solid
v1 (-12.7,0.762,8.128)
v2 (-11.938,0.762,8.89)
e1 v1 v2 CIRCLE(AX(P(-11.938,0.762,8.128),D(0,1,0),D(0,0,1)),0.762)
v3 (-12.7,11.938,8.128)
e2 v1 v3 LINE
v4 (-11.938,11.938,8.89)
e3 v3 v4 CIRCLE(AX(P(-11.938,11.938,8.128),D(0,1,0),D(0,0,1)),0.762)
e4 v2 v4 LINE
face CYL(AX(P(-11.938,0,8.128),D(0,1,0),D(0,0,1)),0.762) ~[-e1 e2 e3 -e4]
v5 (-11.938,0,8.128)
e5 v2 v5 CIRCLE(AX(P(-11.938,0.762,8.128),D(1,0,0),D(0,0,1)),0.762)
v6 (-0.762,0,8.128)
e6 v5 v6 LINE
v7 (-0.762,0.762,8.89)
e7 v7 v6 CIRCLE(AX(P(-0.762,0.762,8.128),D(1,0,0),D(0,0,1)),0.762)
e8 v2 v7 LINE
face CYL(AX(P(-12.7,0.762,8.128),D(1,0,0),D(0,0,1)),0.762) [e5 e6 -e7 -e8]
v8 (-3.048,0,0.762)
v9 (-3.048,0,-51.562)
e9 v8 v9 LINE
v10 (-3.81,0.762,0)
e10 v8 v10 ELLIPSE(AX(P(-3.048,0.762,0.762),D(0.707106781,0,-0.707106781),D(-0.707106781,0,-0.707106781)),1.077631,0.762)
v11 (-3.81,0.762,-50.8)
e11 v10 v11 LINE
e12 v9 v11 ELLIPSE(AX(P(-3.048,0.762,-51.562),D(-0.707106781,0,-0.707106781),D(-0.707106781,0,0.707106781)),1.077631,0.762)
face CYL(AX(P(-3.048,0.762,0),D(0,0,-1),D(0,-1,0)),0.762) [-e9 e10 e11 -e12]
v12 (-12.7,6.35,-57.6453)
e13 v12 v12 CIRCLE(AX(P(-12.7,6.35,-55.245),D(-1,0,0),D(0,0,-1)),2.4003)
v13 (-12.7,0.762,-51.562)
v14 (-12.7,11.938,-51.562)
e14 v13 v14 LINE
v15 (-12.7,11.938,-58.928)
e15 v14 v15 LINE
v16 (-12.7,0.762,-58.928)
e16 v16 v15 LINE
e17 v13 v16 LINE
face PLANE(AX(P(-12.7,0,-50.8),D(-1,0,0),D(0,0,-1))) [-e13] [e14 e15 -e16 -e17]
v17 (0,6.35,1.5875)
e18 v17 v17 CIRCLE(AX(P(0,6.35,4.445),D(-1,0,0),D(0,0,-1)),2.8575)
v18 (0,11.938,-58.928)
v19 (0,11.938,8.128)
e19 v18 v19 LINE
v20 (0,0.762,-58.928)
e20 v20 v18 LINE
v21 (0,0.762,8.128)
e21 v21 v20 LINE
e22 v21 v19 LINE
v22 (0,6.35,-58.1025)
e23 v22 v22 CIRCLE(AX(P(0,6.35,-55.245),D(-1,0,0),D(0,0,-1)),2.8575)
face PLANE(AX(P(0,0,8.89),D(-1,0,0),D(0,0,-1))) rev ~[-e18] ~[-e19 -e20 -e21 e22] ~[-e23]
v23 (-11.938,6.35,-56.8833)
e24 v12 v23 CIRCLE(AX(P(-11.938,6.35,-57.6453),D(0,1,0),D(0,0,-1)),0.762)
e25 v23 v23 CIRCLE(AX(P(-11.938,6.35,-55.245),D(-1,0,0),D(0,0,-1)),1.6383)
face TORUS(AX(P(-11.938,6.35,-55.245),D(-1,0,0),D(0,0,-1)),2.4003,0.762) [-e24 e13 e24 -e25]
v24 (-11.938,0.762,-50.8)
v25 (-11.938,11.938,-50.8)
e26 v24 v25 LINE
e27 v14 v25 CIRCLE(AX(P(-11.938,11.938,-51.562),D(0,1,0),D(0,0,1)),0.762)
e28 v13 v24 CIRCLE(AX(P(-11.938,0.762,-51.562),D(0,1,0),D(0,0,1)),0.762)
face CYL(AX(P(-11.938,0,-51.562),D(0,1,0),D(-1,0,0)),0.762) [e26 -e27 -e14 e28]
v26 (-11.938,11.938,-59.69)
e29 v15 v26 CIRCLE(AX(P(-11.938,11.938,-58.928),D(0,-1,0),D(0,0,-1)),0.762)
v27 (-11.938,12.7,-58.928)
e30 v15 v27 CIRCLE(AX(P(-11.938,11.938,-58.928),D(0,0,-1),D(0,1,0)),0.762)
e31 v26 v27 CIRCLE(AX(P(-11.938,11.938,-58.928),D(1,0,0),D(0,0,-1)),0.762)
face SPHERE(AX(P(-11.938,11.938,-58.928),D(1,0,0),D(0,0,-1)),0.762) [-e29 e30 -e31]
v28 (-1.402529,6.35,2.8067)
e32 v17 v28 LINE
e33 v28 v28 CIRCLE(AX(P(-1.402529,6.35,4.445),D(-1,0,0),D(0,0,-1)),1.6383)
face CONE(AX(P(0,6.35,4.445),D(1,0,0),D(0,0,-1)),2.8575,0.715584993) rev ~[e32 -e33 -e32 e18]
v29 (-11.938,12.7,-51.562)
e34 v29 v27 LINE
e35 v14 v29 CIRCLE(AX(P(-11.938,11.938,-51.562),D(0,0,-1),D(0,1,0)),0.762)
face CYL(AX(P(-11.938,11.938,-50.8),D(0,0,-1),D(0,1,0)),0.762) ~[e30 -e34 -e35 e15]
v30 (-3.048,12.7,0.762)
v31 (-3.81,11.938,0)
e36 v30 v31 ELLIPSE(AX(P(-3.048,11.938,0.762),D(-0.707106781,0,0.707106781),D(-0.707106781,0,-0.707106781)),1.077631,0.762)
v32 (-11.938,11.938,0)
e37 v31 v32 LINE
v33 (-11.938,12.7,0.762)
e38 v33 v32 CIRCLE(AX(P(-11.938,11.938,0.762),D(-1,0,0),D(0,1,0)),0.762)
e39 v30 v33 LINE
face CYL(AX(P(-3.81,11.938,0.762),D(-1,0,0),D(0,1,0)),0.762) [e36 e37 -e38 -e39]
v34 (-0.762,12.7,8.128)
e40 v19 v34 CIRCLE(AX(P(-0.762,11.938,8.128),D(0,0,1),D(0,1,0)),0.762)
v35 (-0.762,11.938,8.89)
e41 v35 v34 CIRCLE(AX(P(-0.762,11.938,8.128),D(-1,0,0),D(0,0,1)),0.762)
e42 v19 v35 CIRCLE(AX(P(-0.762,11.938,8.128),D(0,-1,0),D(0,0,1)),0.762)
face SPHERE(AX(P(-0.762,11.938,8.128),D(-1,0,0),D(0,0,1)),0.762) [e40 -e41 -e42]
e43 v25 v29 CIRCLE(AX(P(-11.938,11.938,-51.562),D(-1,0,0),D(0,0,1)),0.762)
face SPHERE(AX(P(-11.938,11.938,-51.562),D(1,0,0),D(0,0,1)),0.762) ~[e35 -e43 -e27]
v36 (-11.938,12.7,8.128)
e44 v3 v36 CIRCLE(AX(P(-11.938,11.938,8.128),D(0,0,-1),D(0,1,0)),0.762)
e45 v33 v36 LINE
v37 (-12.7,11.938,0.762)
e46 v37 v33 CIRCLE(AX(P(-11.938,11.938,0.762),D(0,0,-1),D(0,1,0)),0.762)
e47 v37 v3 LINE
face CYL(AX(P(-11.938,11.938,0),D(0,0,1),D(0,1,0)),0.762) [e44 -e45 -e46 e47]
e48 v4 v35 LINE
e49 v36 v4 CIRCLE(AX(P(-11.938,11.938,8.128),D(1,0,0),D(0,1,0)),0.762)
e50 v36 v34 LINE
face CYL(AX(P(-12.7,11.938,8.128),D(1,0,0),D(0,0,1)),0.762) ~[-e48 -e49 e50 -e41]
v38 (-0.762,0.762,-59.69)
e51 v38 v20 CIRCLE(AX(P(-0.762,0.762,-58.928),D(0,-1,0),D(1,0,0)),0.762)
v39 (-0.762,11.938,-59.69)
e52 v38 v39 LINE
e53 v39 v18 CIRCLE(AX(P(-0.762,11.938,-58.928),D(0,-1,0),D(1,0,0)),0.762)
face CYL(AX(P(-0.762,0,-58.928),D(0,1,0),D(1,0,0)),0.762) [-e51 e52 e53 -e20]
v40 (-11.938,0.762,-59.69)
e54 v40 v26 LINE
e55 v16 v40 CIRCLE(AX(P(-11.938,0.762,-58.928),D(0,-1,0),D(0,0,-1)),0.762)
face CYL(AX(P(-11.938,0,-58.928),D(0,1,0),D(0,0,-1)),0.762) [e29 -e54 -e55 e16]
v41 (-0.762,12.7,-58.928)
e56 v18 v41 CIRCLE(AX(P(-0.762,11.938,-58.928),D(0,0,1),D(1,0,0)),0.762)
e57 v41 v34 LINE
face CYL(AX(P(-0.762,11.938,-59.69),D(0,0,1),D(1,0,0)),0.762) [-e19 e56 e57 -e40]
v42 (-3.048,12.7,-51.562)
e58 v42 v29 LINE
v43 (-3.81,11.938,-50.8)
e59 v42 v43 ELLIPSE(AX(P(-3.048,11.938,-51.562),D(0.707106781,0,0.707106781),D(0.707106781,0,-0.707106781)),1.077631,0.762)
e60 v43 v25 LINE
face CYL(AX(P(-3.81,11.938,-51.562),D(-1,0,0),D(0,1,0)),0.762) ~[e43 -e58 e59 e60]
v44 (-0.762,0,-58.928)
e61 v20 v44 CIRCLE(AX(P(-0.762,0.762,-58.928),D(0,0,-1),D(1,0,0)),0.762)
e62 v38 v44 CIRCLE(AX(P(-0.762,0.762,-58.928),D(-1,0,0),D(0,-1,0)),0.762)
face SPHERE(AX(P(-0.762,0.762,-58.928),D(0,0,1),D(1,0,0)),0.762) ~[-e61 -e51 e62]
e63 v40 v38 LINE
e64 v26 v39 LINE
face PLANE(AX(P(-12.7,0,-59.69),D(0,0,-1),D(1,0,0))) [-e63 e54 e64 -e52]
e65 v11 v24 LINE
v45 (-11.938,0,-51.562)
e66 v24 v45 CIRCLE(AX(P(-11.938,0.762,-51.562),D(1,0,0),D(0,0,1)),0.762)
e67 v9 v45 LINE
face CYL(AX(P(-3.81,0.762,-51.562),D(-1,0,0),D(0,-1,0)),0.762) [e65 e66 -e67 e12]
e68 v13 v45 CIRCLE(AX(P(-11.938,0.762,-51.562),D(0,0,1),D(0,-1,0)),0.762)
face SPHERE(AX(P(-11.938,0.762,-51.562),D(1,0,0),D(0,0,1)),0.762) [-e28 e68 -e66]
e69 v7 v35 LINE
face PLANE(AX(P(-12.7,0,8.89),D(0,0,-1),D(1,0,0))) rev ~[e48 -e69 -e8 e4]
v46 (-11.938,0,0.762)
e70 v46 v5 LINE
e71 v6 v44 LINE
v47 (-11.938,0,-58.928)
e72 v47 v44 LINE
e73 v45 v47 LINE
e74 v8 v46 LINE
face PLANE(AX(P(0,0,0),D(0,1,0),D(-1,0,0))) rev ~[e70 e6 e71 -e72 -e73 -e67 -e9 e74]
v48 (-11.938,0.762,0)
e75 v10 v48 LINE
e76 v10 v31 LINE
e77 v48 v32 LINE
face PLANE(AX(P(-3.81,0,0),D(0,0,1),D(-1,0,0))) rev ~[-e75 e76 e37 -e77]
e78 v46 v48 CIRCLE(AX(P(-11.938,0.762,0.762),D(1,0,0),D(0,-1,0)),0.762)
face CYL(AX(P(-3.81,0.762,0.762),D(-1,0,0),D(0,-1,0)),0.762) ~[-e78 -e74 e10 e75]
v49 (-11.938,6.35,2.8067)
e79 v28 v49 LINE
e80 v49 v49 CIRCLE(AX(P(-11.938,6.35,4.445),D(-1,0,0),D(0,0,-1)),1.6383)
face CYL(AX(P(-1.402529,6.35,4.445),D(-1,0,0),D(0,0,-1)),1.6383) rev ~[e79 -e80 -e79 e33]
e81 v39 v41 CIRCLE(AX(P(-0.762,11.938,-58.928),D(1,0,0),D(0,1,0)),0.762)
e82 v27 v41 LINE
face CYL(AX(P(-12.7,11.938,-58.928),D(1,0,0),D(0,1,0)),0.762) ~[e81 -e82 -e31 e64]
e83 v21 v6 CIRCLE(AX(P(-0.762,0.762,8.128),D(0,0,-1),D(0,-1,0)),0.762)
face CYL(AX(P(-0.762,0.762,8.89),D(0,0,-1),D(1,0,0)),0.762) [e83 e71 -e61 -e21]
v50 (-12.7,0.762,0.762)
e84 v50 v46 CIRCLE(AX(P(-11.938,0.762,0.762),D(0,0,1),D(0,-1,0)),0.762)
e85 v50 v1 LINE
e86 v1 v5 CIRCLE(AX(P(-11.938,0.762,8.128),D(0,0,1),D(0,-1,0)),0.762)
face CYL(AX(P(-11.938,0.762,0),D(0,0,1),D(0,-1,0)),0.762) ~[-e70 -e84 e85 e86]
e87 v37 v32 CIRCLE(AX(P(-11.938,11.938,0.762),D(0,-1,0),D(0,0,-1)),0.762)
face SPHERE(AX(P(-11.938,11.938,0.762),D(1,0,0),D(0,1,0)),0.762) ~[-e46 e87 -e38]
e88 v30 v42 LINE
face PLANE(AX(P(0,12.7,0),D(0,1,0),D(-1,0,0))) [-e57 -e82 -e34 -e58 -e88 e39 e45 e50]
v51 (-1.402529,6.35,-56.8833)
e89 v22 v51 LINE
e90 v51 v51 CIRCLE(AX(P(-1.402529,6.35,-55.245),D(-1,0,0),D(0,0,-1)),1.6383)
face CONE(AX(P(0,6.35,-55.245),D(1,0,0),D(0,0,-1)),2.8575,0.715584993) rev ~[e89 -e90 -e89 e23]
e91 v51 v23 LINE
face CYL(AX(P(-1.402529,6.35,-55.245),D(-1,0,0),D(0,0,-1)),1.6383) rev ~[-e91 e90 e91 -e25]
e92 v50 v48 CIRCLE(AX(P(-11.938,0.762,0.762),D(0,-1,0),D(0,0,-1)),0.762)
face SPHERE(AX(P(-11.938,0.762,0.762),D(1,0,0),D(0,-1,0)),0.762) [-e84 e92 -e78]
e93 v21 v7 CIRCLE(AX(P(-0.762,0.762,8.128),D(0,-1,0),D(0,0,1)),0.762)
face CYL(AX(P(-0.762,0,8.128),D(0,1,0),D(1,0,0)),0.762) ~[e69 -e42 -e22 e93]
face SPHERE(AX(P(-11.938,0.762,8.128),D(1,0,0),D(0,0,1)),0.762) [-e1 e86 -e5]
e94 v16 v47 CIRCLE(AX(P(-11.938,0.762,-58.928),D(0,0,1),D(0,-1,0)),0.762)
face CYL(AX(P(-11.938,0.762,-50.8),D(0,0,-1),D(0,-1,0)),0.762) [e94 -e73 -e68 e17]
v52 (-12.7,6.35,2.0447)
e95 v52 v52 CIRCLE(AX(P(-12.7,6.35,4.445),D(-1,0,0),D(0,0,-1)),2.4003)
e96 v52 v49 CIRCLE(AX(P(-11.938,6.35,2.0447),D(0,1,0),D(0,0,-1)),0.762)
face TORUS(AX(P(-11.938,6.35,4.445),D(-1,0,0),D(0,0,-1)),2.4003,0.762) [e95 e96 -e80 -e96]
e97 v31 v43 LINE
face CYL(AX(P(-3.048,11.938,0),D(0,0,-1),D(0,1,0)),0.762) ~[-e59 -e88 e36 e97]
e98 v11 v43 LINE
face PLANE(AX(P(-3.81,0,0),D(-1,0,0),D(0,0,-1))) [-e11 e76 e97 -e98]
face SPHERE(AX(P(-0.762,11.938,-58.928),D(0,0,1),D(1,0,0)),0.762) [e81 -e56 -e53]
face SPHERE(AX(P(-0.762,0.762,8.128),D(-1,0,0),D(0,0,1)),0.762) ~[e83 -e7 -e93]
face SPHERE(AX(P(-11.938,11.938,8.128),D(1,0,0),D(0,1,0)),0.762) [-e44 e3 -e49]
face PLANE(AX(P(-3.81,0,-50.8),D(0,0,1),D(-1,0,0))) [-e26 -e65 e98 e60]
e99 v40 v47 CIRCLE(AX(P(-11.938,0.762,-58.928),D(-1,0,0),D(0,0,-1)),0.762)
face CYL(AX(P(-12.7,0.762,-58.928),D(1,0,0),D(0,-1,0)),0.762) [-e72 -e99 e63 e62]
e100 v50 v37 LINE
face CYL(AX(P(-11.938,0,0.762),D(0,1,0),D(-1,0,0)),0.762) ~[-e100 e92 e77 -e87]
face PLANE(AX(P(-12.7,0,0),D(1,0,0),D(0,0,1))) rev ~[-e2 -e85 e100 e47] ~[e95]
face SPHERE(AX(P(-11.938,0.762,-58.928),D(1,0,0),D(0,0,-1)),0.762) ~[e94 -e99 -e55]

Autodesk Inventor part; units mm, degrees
ref_plane "YZ Plane" through (0, 0, 0) normal (1, 0, 0) x (0, 1, 0)
ref_plane "XZ Plane" through (0, 0, 0) normal (0, 1, 0) x (-1, 0, 0)
ref_plane "XY Plane" through (0, 0, 0) normal (0, 0, 1) x (1, 0, 0)
sketch "Sketch1" plane through (0, 0, 0) normal (0, 1, 0) x (-1, 0, 0)
  line L0 (0, 0) -> (3.81, 0)
  line L1 (3.81, 0) -> (3.81, -50.8)
  line L2 (3.81, -50.8) -> (0, -50.8)
  line L3 (0, -50.8) -> (0, 0)
  line L4 (0, 0) -> (12.7, 0)
  line L5 (12.7, 0) -> (12.7, 8.89)
  line L6 (12.7, 8.89) -> (0, 8.89)
  line L7 (0, 8.89) -> (0, 0)
  line L8 (0, -50.8) -> (12.7, -50.8)
  line L9 (12.7, -50.8) -> (12.7, -59.69)
  line L10 (12.7, -59.69) -> (0, -59.69)
  line L11 (0, -59.69) -> (0, -50.8)
  dimension "d0" = 3.81
  dimension "d1" = 50.8
  dimension "d2" = 12.7
  dimension "d3" = 8.89
  dimension "d4" = 12.7
  dimension "d5" = 8.89
extrude "Extrusion1" add sketch "Sketch1" along normal blind 12.7
sketch "Sketch2" plane through (0, 0, 8.89) normal (1, 0, 0) x (0, 0, -1)
  line L0 (0, 12.7) -> (68.58, 12.7) construction
  line L1 (8.89, 0) -> (0, 0) construction
  line L2 (0, 0) -> (0, 12.7) construction
  line L3 (0, 12.7) -> (8.89, 12.7) construction
  line L4 (8.89, 12.7) -> (8.89, 0) construction
  line L5 (34.29, 12.7) -> (34.29, 0) construction
  line L6 (59.69, 0) -> (8.89, 0) construction
  point P0 (4.445, 6.35)
  point P1 (64.135, 6.35)
hole "Hole1" at (0, 6.35, 4.445) at (0, 6.35, -55.245) direction (-1, 0, 0) diameter 3.2766 end through all countersink diameter 5.715 countersink angle 82 clearance for "Flat Head Machine Screw (82)" size "#4" standard "Ansi Unified Screw Threads"
fillet "Fillet1" radius 0.762 24 edges at (-6.35, 12.7, 8.89) (-6.35, 0, 8.89) (0, 6.35, 8.89) (0, 12.7, -25.4) (0, 0, -25.4) (0, 6.35, -59.69) (-8.255, 12.7, 0) (-3.81, 12.7, -25.4) (-8.255, 12.7, -50.8) (-12.7, 12.7, 4.445) (-12.7, 6.35, 8.89) (-6.35, 12.7, -59.69) (-6.35, 0, -59.69) (-8.255, 0, -50.8) (-8.255, 0, 0) (-3.81, 0, -25.4) (-12.7, 6.35, -50.8) (-12.7, 6.35, -59.69) (-12.7, 6.35, -53.6067) (-12.7, 12.7, -55.245) (-12.7, 0, -55.245) (-12.7, 0, 4.445) (-12.7, 6.35, 0) (-12.7, 6.35, 6.0833)
properties part number "PMSretainer"
